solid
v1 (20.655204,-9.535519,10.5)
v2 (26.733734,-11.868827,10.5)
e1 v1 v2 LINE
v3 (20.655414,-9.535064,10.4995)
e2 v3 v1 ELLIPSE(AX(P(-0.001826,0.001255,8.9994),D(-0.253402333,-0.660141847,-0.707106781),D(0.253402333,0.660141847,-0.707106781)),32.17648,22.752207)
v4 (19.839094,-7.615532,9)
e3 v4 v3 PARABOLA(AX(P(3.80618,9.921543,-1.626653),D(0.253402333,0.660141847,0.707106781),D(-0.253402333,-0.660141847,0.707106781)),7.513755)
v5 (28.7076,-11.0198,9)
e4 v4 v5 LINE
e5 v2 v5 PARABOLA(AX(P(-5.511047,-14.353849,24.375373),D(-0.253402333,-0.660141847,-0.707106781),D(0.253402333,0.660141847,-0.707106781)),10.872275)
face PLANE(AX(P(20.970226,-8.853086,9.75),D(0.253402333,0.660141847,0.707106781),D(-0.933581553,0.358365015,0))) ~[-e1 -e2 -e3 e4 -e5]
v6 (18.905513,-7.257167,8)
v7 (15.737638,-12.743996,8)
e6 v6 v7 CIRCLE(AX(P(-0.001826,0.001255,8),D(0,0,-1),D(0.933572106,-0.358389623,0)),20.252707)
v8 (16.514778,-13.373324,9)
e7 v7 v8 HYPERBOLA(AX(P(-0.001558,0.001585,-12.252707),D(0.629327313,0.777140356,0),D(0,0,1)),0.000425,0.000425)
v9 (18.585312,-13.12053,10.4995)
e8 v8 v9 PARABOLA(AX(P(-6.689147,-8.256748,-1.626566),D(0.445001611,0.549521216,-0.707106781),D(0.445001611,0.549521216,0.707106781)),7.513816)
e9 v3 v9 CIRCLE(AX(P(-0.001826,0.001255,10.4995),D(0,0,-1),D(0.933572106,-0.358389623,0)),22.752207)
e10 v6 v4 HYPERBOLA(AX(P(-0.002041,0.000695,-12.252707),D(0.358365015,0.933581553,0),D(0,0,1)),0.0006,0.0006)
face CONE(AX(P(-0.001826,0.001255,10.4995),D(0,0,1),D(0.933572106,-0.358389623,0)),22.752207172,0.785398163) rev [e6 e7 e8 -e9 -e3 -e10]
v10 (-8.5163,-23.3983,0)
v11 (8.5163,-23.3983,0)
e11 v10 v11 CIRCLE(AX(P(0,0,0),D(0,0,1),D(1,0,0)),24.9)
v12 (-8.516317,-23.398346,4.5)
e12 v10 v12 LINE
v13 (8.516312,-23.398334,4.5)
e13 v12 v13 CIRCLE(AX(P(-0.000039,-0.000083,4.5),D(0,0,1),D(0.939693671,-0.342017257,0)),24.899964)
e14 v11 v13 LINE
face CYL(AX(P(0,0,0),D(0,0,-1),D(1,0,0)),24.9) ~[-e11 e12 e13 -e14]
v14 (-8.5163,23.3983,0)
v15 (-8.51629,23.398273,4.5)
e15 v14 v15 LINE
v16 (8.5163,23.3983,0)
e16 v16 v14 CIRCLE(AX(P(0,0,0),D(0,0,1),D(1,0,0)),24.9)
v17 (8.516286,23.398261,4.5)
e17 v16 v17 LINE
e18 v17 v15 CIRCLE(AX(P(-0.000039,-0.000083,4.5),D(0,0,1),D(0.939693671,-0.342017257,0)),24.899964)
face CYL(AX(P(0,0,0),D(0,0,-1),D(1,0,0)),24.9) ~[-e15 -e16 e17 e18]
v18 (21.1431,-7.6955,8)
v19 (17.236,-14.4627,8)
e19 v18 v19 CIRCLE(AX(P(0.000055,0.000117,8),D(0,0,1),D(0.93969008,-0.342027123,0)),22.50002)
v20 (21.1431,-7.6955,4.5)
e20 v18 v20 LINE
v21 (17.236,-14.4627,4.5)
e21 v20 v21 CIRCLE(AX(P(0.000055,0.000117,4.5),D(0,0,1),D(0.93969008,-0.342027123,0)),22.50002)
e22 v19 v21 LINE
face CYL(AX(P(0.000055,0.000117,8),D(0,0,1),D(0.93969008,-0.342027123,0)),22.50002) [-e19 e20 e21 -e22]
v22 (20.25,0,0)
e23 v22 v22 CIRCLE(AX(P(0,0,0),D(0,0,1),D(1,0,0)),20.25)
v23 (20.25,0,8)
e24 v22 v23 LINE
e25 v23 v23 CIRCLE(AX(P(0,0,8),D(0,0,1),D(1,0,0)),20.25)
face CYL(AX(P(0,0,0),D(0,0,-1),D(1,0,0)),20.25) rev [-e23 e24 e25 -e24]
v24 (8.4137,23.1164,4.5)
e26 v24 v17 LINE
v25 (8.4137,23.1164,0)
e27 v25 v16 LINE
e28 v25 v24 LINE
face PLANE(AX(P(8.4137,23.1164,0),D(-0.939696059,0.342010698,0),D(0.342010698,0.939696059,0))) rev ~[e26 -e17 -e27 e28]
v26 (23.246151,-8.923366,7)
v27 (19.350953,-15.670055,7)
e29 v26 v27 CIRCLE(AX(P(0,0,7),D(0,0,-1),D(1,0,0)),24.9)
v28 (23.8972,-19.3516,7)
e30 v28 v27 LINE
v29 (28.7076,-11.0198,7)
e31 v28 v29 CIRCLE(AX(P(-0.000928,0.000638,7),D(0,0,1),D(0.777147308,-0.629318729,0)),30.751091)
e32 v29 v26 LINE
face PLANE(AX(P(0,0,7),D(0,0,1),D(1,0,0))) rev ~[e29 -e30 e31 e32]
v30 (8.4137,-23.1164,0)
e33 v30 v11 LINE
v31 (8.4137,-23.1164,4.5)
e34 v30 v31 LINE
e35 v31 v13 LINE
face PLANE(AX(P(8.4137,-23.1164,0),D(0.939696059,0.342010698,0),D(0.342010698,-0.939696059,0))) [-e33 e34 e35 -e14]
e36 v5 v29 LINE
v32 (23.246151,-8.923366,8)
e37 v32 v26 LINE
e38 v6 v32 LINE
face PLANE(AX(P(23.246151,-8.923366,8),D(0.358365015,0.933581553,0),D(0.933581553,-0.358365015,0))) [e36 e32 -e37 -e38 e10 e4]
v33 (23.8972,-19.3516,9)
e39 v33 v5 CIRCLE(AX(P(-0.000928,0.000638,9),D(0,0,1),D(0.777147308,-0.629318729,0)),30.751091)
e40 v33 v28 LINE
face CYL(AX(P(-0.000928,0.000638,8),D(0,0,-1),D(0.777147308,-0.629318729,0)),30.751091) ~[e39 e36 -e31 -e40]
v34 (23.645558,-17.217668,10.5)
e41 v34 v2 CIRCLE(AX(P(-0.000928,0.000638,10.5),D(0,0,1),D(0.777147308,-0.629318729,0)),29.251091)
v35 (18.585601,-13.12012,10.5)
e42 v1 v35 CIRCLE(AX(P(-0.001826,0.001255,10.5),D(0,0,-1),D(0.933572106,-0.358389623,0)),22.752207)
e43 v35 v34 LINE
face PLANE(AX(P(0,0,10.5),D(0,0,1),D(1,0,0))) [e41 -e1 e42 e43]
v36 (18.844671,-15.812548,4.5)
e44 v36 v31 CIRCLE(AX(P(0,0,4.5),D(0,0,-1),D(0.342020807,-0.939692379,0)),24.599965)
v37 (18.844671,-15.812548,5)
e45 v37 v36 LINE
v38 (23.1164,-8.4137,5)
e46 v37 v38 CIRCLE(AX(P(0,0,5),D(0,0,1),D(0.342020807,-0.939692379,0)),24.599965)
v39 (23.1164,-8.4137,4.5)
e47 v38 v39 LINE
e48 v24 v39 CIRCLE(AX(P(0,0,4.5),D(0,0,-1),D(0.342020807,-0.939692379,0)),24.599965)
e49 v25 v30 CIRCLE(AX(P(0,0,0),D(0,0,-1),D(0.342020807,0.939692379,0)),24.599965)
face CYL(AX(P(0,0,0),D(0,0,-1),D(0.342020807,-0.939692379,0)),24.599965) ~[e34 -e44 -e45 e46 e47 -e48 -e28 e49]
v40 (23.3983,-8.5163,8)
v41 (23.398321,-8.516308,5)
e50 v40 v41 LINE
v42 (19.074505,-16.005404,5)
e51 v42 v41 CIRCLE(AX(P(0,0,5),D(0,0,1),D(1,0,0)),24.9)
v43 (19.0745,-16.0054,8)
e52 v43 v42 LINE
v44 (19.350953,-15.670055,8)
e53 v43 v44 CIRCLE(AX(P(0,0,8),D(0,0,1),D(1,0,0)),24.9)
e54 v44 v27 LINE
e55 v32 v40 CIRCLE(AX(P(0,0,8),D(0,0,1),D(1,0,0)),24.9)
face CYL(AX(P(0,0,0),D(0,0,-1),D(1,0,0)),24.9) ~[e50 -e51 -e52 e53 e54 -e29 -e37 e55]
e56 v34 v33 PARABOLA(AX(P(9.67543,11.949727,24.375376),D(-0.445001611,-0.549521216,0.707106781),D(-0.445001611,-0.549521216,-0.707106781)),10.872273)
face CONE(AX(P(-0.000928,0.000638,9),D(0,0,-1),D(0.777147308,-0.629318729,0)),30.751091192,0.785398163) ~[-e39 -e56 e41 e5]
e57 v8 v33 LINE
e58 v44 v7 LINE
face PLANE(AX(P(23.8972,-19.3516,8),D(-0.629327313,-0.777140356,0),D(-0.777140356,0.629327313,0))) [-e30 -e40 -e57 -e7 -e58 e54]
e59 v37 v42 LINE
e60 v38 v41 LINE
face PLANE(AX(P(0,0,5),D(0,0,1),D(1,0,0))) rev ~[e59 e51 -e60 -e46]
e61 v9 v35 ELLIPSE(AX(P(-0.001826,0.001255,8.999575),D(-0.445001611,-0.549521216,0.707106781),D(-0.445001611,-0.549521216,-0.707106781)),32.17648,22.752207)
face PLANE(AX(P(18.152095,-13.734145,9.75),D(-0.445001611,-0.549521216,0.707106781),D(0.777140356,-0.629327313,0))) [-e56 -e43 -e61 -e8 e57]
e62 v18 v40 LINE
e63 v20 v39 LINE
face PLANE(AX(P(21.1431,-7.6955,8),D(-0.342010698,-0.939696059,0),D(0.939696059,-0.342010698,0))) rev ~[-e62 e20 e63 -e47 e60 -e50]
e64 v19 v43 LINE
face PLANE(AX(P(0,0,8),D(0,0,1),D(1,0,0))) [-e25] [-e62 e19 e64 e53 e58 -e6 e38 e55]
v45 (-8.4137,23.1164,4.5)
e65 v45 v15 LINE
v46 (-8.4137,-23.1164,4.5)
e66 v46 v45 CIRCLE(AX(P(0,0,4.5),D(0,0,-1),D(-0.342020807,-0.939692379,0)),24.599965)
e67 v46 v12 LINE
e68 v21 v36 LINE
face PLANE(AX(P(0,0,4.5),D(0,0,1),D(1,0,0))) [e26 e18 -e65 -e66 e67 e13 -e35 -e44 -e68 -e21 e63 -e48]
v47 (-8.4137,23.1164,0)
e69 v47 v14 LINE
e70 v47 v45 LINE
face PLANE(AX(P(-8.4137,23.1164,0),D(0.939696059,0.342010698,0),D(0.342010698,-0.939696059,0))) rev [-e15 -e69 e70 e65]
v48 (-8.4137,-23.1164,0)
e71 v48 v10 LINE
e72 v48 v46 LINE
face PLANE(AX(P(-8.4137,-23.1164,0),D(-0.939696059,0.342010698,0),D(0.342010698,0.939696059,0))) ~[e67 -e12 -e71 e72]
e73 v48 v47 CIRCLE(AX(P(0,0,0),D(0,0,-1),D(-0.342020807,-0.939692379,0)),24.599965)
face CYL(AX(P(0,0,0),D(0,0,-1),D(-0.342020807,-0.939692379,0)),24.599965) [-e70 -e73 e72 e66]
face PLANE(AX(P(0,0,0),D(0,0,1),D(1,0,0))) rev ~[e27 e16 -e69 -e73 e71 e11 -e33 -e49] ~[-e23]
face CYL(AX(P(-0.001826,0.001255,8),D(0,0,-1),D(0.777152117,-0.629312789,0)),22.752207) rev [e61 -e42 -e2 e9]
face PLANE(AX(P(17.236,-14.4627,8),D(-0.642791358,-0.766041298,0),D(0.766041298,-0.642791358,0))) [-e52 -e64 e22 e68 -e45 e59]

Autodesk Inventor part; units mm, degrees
ref_plane "YZ Plane" through (0, 0, 0) normal (1, 0, 0) x (0, 1, 0)
ref_plane "XZ Plane" through (0, 0, 0) normal (0, 1, 0) x (-1, 0, 0)
ref_plane "XY Plane" through (0, 0, 0) normal (0, 0, 1) x (1, 0, 0)
sketch "スケッチ1" plane through (0, 0, 0) normal (0, 0, 1) x (1, 0, 0)
  circle A0 centre (0, 0) radius 24.9
  circle A1 centre (0, 0) radius 20.25
  dimension "d0" = 4.65
  dimension "d1" = 40.5
extrude "押し出し1" add sketch "スケッチ1" along normal blind 8
sketch "スケッチ2" plane through (0, 0, 0) normal (0, 0, 1) x (1, 0, 0)
  circle A0 centre (0, 0) radius 24.9 projected
  arc A1 (8.4137, -23.1164) -> (8.4137, 23.1164) centre (0, 0) ccw
  line L0 (0, -35.35) -> (0, 35.35) projected
  line L1 (8.4137, 23.1164) -> (8.5163, 23.3983)
  line L2 (8.4137, -23.1164) -> (8.5163, -23.3983)
  line L3 (-35.35, 0) -> (35.35, 0) projected
  point P0 (24.6, 0)
  dimension "d4" = 0.3
  dimension "d5" = 140
extrude "押し出し2" cut sketch "スケッチ2" along normal blind 5 contours L3 A1 L1 A0 | A0 L2 A1 L3
mirror "ミラー1" about plane through (0, 0, 0) normal (1, 0, 0) of "押し出し2"
sketch "スケッチ4" plane through (0, 0, 8) normal (0, 0, 1) x (1, 0, 0)
  circle A0 centre (0, 0) radius 24.9 projected
  line L0 (21.7123, -12.5356) -> (0, 0)
  line L1 (-36.1071, 0) -> (39.8926, 0) projected
  arc A1 (23.8972, -19.3516) -> (28.7076, -11.0198) centre (0, 0) ccw
  arc A2 (17.6801, -14.317) -> (21.239, -8.1529) centre (0, 0) ccw
  line L2 (23.8972, -19.3516) -> (17.6801, -14.317)
  line L3 (21.239, -8.1529) -> (28.7076, -11.0198)
  circle A3 centre (0, 0) radius 20.25 projected
  point P0 (26.6303, -15.375)
  point P1 (19.7021, -11.375)
  dimension "d18" = 30
  dimension "d46" = 2.5
  dimension "d47" = 8
  dimension "d48" = 18
extrude "押し出し7" add sketch "スケッチ4" along normal blind 2.5 and the other way blind 1 contours L3 A1 L2 A0 | A0 L0 A2 L3 | L2 A2 L0 A0
chamfer "面取り4" distance 2.5 angle 45 1 edges at (19.7021, -11.375, 8)
sketch "スケッチ7" plane through (0, 0, 8) normal (0, 0, 1) x (1, 0, 0)
  arc A0 (23.3983, -8.5163) -> (19.0745, -16.0054) centre (0, 0) ccw
  arc A1 (21.1431, -7.6955) -> (17.236, -14.4627) centre (0, 0) ccw
  arc A2 (18.905, -7.257) -> (15.7372, -12.7437) centre (0, 0) ccw projected
  line L0 (21.1431, -7.6955) -> (23.3983, -8.5163)
  arc A3 (23.2462, -8.9234) -> (19.3509, -15.6701) centre (0, 0) ccw projected
  line L1 (17.236, -14.4627) -> (19.0745, -16.0054)
  line L2 (17.6801, -14.317) -> (23.8972, -19.3516) projected
  line L3 (28.7076, -11.0198) -> (21.239, -8.1529) projected
  dimension "d57" = 1
  dimension "d59" = 2.4
  dimension "d65" = 1
extrude "押し出し8" cut sketch "スケッチ7" against normal blind 3.5
chamfer "面取り5" distance 1.5 angle 45 3 edges at (26.6303, -15.375, 10.5) (24.9733, -9.5863, 10.5) (20.7887, -16.8343, 10.5)
properties part number "ring"
